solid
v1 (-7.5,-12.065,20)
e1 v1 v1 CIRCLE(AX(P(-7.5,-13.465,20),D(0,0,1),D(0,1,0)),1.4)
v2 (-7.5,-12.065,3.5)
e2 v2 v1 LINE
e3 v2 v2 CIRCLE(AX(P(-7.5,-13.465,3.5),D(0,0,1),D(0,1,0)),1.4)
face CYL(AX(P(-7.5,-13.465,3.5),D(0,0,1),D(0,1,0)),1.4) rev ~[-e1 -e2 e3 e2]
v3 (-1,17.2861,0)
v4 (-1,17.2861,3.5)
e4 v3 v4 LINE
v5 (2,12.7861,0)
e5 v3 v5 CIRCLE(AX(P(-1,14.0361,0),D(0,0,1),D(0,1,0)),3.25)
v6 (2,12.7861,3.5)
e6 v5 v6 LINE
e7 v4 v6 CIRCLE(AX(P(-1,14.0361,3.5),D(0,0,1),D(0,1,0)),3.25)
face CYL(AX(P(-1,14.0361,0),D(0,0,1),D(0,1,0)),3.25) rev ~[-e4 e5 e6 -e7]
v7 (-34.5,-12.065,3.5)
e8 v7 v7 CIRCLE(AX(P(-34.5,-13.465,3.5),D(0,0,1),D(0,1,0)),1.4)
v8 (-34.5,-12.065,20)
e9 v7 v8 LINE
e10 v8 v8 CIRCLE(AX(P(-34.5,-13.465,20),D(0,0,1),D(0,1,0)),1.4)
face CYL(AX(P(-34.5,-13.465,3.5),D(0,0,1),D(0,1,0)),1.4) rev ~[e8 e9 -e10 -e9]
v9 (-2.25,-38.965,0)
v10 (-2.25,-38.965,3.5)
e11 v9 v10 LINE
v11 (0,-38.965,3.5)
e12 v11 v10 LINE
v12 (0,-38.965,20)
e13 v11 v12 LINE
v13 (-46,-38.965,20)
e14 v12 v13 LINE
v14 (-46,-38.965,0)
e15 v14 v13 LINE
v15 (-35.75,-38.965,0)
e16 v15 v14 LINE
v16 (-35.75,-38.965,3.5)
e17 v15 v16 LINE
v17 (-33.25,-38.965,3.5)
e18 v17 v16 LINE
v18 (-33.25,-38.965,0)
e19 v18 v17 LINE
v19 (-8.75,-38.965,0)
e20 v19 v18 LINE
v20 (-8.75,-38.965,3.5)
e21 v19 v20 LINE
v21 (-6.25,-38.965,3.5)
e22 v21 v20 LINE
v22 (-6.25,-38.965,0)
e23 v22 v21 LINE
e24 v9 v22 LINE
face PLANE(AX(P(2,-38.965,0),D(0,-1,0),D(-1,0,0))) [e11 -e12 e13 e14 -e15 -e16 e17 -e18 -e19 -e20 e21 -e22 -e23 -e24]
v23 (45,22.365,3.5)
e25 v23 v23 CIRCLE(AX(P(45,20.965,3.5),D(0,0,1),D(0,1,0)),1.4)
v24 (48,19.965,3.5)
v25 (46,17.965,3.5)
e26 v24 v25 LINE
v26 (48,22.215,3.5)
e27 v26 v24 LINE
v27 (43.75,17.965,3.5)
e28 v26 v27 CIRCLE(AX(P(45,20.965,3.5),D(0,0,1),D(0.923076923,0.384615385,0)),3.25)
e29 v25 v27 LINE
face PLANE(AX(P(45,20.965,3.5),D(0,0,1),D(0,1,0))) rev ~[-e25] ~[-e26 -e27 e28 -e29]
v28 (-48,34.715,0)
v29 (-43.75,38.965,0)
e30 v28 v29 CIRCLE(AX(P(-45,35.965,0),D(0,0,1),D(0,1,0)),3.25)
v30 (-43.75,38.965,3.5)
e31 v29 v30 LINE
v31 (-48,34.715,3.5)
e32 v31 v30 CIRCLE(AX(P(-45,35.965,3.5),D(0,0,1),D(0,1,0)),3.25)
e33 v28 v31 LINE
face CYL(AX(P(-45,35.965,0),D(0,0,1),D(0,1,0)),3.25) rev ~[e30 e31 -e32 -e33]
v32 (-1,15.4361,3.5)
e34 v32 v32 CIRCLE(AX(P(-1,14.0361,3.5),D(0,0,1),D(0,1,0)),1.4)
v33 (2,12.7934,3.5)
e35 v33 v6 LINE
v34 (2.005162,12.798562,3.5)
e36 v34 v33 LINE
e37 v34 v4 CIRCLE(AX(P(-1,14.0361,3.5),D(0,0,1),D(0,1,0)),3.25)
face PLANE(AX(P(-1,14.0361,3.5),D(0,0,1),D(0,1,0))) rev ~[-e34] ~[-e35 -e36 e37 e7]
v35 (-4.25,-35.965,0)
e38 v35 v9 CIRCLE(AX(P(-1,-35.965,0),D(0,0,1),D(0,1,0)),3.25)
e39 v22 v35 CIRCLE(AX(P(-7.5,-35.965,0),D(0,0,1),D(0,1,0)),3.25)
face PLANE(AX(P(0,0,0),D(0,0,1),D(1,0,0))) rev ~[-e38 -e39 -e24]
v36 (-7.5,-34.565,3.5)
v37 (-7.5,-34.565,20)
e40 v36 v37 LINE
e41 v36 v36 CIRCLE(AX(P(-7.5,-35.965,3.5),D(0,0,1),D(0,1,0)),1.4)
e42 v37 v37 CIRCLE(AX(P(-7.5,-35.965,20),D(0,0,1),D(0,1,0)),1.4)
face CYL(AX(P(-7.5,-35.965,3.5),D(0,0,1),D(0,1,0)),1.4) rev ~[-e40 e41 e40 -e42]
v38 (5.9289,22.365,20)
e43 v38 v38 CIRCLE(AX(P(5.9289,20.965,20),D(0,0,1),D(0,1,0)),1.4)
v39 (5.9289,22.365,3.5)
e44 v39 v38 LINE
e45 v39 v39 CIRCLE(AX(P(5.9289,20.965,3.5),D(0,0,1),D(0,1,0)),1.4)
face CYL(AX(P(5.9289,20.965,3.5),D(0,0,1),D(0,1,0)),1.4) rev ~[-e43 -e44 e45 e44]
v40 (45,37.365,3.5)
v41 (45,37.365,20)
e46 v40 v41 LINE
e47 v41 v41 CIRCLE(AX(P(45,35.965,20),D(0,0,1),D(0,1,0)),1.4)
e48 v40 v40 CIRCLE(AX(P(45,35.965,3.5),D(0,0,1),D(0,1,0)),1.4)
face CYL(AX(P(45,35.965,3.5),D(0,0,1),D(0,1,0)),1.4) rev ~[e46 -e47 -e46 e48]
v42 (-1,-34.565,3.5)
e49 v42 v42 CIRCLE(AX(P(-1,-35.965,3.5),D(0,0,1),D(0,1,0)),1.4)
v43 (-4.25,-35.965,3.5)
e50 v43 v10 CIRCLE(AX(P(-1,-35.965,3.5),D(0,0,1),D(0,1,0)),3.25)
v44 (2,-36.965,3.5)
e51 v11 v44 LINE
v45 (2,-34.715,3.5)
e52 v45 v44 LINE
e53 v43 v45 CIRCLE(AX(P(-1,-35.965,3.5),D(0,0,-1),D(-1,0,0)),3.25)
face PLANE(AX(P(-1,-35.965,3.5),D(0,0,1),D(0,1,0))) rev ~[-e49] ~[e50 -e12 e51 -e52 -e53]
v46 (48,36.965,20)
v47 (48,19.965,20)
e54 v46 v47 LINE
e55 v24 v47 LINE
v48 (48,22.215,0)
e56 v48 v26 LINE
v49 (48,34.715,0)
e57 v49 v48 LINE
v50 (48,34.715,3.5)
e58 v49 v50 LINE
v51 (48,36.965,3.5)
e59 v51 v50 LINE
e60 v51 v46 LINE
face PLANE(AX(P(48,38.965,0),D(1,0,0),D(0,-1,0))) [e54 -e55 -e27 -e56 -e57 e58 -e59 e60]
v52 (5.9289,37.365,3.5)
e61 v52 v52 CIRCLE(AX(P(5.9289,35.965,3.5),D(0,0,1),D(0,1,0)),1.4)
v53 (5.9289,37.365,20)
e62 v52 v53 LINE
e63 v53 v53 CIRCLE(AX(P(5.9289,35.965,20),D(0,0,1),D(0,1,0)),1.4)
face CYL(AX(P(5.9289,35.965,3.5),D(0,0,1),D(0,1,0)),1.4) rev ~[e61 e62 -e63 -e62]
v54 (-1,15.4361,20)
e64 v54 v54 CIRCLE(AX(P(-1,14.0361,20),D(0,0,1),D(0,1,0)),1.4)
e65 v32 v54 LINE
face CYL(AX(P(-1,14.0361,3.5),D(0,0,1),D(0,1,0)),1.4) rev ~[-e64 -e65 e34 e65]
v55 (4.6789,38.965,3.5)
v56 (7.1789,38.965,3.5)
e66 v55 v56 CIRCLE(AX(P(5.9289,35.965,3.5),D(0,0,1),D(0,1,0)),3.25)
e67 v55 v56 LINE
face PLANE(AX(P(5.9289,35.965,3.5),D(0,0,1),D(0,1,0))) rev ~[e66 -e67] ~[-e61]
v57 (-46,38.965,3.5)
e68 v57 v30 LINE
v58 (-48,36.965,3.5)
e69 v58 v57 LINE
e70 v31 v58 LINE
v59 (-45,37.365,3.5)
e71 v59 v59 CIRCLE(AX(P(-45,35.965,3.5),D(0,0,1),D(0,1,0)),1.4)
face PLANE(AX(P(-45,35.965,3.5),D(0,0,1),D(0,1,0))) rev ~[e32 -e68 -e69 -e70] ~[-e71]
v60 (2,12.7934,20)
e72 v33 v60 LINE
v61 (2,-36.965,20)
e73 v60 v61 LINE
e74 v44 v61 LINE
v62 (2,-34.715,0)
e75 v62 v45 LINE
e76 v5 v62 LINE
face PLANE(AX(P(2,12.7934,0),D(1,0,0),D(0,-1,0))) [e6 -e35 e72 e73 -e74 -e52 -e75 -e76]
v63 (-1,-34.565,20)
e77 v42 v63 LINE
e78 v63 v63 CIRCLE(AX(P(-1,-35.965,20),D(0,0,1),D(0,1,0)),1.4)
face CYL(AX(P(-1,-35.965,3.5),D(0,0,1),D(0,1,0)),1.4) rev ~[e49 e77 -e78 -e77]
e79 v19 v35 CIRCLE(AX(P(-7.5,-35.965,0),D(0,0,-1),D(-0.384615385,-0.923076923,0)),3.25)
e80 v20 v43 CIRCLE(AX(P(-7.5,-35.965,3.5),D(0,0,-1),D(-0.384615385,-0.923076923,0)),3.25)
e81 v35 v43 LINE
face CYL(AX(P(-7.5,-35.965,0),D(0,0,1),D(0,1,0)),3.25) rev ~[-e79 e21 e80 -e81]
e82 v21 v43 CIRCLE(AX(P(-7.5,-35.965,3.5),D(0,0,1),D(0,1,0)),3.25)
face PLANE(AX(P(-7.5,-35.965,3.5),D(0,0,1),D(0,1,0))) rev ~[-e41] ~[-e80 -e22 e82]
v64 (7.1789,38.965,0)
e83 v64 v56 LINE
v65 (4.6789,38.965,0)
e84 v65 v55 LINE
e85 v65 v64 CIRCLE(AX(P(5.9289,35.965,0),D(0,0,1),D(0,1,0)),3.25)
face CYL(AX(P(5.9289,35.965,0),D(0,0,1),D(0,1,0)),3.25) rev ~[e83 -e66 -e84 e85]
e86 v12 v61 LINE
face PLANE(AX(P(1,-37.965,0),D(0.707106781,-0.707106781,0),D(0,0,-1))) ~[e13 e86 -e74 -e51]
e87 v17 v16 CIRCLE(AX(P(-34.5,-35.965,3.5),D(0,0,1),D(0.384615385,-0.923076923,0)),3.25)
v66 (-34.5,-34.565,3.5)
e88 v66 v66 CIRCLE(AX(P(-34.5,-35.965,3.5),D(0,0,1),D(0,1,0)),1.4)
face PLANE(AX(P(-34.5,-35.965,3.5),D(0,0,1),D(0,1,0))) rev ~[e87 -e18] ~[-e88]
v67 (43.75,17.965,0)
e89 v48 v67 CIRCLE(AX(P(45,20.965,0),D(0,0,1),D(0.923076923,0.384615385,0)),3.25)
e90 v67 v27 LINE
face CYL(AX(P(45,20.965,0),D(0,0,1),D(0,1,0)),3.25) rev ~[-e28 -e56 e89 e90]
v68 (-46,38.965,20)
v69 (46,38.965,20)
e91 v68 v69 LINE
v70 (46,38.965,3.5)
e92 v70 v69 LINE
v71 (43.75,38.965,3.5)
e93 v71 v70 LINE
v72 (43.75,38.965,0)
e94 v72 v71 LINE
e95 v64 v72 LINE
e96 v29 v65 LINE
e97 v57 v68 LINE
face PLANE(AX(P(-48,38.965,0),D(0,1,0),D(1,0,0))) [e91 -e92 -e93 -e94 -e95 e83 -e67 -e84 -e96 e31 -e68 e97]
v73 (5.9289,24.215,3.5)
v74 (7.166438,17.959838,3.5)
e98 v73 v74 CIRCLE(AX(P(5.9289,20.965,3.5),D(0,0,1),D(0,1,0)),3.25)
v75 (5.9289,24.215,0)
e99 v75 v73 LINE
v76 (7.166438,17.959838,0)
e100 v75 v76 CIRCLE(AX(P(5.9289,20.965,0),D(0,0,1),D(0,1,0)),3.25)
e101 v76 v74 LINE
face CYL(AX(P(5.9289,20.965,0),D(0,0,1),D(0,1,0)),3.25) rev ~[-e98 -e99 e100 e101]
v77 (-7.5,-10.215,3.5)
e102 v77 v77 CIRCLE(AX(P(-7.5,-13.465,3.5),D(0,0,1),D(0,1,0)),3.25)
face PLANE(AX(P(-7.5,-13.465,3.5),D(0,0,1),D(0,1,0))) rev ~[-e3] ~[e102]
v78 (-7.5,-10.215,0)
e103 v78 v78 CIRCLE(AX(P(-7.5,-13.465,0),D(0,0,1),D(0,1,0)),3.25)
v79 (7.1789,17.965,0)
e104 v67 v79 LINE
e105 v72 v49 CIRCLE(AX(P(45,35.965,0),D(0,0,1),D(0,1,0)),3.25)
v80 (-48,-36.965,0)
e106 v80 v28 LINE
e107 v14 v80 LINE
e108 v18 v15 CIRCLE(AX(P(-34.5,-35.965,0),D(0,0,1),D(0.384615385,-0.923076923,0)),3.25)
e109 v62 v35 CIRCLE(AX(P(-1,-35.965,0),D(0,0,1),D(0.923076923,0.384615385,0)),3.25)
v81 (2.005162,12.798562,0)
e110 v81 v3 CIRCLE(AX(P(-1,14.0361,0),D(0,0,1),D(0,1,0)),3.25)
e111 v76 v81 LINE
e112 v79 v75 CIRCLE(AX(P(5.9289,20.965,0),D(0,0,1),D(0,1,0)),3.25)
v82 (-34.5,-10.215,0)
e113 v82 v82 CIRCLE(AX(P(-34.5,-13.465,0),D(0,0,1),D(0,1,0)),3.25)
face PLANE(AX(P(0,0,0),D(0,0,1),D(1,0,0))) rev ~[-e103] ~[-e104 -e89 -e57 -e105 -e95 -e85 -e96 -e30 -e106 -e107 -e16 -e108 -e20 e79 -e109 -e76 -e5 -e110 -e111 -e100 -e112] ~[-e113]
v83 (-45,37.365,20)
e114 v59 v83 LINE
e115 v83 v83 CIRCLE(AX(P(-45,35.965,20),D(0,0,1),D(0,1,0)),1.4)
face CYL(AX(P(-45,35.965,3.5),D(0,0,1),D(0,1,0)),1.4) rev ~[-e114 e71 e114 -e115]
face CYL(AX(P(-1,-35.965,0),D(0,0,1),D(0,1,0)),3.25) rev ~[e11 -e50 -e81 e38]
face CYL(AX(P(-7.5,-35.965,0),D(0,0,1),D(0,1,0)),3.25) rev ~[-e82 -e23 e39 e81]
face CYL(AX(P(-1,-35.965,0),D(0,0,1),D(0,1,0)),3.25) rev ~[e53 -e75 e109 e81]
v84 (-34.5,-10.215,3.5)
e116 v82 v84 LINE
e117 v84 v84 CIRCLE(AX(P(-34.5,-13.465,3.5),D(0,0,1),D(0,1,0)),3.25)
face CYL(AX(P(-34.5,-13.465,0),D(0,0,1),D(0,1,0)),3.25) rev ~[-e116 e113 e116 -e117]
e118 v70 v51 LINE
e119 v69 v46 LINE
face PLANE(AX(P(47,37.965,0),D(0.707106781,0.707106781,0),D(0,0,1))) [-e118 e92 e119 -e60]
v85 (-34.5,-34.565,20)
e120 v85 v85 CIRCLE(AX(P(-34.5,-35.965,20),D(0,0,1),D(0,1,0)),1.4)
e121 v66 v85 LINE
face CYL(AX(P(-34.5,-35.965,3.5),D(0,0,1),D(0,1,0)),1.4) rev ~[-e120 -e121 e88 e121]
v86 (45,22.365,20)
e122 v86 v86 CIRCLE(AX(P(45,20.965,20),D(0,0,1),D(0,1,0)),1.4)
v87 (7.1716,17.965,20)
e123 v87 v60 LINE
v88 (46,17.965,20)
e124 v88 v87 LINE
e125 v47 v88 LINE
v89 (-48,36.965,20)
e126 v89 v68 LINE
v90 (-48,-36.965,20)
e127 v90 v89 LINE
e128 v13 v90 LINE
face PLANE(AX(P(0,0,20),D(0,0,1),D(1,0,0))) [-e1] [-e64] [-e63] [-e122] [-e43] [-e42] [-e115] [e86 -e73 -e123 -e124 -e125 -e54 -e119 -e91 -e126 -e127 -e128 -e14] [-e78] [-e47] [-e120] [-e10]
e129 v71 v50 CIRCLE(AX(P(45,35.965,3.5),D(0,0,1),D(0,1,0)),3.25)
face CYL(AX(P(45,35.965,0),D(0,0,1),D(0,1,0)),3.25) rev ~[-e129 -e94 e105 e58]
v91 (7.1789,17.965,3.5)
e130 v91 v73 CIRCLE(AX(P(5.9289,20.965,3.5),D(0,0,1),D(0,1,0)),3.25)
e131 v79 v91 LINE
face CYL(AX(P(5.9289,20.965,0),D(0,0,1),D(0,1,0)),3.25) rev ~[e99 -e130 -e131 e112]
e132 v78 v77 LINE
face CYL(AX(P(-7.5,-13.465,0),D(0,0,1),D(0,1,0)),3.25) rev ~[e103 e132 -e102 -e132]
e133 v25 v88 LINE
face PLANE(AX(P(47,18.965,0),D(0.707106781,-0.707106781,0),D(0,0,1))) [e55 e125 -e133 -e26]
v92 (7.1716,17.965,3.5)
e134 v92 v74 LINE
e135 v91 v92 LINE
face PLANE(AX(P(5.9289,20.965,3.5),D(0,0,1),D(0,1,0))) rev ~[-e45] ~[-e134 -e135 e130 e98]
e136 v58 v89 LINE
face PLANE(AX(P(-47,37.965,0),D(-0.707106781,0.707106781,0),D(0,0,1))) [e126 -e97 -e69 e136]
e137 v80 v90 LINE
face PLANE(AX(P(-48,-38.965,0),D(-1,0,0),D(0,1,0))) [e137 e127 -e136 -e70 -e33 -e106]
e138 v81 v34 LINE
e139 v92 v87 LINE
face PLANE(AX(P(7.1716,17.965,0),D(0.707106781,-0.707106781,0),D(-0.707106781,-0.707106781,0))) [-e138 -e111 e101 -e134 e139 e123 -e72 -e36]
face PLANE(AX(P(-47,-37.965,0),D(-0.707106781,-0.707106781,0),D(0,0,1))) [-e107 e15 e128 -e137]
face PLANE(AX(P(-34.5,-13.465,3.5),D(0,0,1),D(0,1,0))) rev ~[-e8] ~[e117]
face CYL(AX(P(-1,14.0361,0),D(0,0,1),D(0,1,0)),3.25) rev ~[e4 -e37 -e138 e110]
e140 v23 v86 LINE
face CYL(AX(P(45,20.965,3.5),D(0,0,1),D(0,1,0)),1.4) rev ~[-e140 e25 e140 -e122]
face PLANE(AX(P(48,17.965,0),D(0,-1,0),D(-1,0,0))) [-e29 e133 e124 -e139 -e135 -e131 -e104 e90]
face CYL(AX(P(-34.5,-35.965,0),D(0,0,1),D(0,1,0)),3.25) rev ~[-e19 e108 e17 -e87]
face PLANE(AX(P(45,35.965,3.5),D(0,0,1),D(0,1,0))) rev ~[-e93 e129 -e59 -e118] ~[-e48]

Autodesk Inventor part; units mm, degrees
ref_plane "YZ Plane" through (0, 0, 0) normal (1, 0, 0) x (0, 1, 0)
ref_plane "XZ Plane" through (0, 0, 0) normal (0, 1, 0) x (-1, 0, 0)
ref_plane "Arbeitsebene1" through (0, 0, 0) normal (0, 0, 1) x (1, 0, 0)
ref_plane "Arbeitsebene2" through (-65, -116.035, 20) normal (0, 0, -1) x (0, 1, 0)
sketch "Skizze1" plane through (0, 0, 0) normal (0, 0, 1) x (1, 0, 0)
  circle A0 centre (-21, -24.715) radius 10 projected
  circle A1 centre (-34.5, -13.465) radius 2 projected
  circle A2 centre (-7.5, -13.465) radius 2 projected
  circle A3 centre (-7.5, -35.965) radius 2 projected
  circle A4 centre (-34.5, -35.965) radius 2 projected
  circle A5 centre (-45, 35.965) radius 2 projected
  circle A6 centre (-1, -35.965) radius 2 projected
  circle A7 centre (-1, 14.0361) radius 2 projected
  circle A8 centre (45, 35.965) radius 2 projected
  circle A9 centre (45, 20.965) radius 2 projected
  circle A10 centre (5.9289, 20.965) radius 2 projected
  circle A11 centre (5.9289, 35.965) radius 2 projected
  line L0 (2, -38.965) -> (-48, -38.965) projected
  line L1 (-48, -38.965) -> (-48, 38.965) projected
  line L2 (-48, 38.965) -> (48, 38.965) projected
  line L3 (48, 38.965) -> (48, 17.965) projected
  line L4 (48, 17.965) -> (7.1716, 17.965) projected
  line L5 (7.1716, 17.965) -> (2, 12.7934) projected
  line L6 (2, 12.7934) -> (2, -38.965) projected
  point P0 (0, 0)
extrude "Extrusion1" add sketch "Skizze1" along normal up to surface (20 mm away) contours A0 | A1 | A2 | A3 | A4 | A5 | A6 | A7 | A8 | A9 | A10 | A11 | L0 L1 L2 L3 L4 L5 L6
chamfer "Fasen1" distance 2 angle 45 5 edges at (-48, 38.965, 10) (-48, -38.965, 10) (48, 38.965, 10) (48, 17.965, 10) (2, -38.965, 10)
sketch "Skizze2" plane through (0, 0, 0) normal (0, 0, -1) x (-1, 0, 0)
  circle A0 centre (21, -24.715) radius 10 projected
  circle A1 centre (34.5, -13.465) radius 2 projected
  circle A2 centre (7.5, -13.465) radius 2 projected
  circle A3 centre (7.5, -35.965) radius 2 projected
  circle A4 centre (34.5, -35.965) radius 2 projected
  circle A5 centre (45, 35.965) radius 2 projected
  circle A6 centre (1, -35.965) radius 2 projected
  circle A7 centre (1, 14.0361) radius 2 projected
  circle A8 centre (-45, 35.965) radius 2 projected
  circle A9 centre (-45, 20.965) radius 2 projected
  circle A10 centre (-5.9289, 20.965) radius 2 projected
  circle A11 centre (-5.9289, 35.965) radius 2 projected
  line L0 (-2, -38.965) -> (48, -38.965) projected
  line L1 (48, -38.965) -> (48, 38.965) projected
  line L2 (48, 38.965) -> (-48, 38.965) projected
  line L3 (-48, 38.965) -> (-48, 17.965) projected
  line L4 (-48, 17.965) -> (-7.1716, 17.965) projected
  line L5 (-7.1716, 17.965) -> (-2, 12.7934) projected
  line L6 (-2, 12.7934) -> (-2, -38.965) projected
  point P0 (0, 0)
hole "Bohrung1" at (45, 35.965, 0) at (5.9289, 35.965, 0) at (5.9289, 20.965, 0) at (-1, 14.0361, 0) at (45, 20.965, 0) at (-45, 35.965, 0) at (-7.5, -13.465, 0) at (-34.5, -13.465, 0) at (-34.5, -35.965, 0) at (-7.5, -35.965, 0) at (-1, -35.965, 0) direction (0, 0, 1) diameter 2.8 depth 20 counterbore diameter 6.5 counterbore depth 3.5
properties part number "MIAB_Spacer"
